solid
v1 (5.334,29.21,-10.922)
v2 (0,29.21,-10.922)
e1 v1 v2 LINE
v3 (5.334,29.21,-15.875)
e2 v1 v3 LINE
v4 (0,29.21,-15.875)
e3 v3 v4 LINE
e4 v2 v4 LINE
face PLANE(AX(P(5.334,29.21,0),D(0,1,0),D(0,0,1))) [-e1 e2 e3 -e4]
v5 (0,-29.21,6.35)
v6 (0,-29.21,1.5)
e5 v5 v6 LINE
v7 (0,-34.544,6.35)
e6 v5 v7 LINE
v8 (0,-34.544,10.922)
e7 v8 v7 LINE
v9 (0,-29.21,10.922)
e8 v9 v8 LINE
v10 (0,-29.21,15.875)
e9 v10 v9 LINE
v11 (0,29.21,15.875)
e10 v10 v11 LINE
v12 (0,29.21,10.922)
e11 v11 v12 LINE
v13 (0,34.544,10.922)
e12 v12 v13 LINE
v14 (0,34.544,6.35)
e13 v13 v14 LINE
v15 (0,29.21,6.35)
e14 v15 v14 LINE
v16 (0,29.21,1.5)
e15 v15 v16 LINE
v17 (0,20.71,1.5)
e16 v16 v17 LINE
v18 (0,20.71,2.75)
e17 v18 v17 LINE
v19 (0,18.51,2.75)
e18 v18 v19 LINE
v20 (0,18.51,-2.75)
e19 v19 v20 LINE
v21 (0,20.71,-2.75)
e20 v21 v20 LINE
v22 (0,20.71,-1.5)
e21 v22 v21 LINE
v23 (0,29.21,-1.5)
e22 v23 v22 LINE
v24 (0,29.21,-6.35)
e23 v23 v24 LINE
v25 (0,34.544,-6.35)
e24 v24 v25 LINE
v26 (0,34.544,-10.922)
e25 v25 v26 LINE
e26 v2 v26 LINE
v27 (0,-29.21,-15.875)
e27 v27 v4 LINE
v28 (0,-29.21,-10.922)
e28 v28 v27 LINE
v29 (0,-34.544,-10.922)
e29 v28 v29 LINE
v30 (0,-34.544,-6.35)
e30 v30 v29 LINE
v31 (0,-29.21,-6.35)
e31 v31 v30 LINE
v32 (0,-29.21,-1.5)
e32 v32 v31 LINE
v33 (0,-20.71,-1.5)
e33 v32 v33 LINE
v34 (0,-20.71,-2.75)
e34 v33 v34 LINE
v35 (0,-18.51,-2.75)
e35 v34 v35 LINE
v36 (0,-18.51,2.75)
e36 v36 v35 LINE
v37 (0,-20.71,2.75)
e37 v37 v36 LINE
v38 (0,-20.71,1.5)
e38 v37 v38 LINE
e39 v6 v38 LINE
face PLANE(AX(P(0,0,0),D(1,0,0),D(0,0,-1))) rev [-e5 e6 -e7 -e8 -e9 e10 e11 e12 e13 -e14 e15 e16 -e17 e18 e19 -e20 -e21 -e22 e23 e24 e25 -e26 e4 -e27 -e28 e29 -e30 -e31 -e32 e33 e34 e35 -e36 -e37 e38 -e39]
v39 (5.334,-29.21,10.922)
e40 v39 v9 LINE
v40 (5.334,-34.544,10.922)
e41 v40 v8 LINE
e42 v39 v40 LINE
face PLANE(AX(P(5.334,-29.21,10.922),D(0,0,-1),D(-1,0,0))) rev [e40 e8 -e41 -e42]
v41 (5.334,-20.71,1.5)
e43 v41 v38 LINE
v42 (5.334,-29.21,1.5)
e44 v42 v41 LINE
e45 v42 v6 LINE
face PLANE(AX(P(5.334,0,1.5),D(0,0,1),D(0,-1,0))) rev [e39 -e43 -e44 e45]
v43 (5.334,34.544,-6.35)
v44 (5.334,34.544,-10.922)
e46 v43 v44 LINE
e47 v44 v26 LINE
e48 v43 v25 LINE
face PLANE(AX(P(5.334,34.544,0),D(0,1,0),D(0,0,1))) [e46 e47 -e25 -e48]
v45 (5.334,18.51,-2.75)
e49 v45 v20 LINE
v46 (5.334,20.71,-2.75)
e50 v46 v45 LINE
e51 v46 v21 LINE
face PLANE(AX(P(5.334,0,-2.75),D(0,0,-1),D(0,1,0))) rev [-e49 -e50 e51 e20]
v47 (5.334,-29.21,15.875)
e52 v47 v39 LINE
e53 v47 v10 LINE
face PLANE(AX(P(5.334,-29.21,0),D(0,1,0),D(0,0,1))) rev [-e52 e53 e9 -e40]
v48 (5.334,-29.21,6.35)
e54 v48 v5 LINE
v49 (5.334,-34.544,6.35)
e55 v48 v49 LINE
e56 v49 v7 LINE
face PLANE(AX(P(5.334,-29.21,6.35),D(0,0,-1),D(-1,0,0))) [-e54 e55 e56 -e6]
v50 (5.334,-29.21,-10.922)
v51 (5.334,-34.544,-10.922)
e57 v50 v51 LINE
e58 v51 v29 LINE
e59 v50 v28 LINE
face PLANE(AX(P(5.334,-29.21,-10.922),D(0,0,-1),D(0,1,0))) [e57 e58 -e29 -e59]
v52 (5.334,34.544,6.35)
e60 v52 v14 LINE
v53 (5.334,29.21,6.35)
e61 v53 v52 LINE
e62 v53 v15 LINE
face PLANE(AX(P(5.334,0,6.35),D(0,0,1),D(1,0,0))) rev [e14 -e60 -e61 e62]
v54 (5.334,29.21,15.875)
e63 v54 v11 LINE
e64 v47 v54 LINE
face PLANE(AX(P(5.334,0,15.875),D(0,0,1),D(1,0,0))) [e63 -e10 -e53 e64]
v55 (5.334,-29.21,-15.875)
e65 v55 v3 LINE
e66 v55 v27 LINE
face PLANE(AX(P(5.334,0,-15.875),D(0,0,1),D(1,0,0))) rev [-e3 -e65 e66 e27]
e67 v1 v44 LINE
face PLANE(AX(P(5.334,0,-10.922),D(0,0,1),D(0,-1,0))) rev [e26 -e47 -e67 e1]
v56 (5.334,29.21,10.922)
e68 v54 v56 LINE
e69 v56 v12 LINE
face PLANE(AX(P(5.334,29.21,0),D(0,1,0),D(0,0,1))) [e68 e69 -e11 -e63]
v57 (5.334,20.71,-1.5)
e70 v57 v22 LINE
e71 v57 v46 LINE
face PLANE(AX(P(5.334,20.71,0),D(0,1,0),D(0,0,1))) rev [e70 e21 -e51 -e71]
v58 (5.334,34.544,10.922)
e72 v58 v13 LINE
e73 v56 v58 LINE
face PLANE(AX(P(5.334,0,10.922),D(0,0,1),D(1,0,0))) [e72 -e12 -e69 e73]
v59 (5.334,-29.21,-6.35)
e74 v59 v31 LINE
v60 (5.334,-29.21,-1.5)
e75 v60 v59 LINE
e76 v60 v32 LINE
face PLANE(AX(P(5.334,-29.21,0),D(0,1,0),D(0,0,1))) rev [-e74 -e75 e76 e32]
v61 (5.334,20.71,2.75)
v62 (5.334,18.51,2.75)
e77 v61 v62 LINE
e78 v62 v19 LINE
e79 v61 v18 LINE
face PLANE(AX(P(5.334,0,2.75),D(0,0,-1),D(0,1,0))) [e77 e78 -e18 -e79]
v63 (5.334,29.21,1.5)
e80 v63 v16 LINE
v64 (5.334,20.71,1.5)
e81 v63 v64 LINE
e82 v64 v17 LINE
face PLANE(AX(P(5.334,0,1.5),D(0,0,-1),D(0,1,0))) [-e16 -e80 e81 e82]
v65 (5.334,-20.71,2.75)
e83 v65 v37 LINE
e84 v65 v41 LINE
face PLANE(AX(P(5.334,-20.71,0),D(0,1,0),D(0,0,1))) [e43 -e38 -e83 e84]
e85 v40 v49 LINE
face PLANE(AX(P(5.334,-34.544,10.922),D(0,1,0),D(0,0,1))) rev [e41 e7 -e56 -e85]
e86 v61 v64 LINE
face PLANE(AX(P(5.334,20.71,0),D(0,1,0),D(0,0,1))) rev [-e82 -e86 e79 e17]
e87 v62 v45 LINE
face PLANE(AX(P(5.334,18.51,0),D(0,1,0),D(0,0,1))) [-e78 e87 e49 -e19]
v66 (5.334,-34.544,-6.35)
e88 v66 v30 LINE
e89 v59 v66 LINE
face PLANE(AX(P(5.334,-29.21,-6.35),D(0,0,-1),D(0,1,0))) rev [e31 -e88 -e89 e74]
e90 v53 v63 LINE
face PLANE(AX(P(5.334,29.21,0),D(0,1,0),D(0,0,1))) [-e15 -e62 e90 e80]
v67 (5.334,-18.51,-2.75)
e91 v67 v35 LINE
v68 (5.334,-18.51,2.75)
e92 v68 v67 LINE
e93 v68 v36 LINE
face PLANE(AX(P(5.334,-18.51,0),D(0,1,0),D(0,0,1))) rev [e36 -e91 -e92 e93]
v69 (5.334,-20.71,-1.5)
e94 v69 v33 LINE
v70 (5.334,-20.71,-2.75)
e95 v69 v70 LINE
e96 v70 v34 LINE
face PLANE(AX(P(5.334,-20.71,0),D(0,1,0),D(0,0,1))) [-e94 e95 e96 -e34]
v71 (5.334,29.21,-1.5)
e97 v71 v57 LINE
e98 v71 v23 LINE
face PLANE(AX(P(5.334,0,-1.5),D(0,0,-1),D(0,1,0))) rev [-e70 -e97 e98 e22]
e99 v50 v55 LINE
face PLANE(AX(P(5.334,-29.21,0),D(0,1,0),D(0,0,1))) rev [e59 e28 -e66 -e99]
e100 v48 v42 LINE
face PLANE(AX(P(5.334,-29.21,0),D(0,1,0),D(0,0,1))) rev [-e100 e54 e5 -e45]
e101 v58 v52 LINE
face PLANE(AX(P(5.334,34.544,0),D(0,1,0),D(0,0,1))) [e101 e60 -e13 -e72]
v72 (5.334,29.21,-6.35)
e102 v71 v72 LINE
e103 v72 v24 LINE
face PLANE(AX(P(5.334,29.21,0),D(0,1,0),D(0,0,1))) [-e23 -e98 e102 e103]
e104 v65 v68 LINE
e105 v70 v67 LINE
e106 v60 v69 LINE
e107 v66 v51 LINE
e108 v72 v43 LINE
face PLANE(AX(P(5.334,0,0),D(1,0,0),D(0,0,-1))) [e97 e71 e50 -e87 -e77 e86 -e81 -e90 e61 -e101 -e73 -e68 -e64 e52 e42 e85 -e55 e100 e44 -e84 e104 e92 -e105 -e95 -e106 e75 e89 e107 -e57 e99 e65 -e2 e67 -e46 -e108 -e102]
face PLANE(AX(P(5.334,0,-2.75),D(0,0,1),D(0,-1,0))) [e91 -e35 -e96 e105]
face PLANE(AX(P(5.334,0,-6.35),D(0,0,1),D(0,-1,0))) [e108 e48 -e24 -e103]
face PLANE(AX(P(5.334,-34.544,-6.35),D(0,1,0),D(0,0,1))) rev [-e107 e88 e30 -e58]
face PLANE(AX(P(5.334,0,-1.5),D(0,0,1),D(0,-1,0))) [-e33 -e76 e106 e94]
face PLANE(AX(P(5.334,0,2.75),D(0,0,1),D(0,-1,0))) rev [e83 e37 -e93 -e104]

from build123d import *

# Parameters (mm, degrees)
SKETCH1_W           = 4.572
SKETCH1_H           = 5.334
BOSS_EXTRUDE1_DEPTH = 5.334


with BuildPart() as part:
    # Sketch1 → Boss-Extrude1 (new body)
    with BuildSketch(Plane(origin=(0, 0, 0), x_dir=(0, 0, -1), z_dir=(1, 0, 0))):
        Polygon((-15.875, -29.21), (-1.5, -29.21), (-1.5, -20.71), (-2.75, -20.71), (-2.75, -18.51), (2.75, -18.51), (2.75, -20.71), (1.5, -20.71), (1.5, -29.21), (15.875, -29.21), (15.875, 29.21), (10.922, 29.21), (10.922, 34.544), (6.35, 34.544), (6.35, 29.21), (1.5, 29.21), (1.5, 20.71), (2.75, 20.71), (2.75, 18.51), (-2.75, 18.51), (-2.75, 20.71), (-1.5, 20.71), (-1.5, 29.21), (-6.35, 29.21), (-6.35, 34.544), (-10.922, 34.544), (-10.922, 29.21), (-15.875, 29.21), align=None)
        with Locations((-8.636, -31.877)):
            Rectangle(SKETCH1_W, SKETCH1_H)
        with Locations((8.636, -31.877)):
            Rectangle(SKETCH1_W, SKETCH1_H)
    extrude(amount=BOSS_EXTRUDE1_DEPTH)


solid = part.part
